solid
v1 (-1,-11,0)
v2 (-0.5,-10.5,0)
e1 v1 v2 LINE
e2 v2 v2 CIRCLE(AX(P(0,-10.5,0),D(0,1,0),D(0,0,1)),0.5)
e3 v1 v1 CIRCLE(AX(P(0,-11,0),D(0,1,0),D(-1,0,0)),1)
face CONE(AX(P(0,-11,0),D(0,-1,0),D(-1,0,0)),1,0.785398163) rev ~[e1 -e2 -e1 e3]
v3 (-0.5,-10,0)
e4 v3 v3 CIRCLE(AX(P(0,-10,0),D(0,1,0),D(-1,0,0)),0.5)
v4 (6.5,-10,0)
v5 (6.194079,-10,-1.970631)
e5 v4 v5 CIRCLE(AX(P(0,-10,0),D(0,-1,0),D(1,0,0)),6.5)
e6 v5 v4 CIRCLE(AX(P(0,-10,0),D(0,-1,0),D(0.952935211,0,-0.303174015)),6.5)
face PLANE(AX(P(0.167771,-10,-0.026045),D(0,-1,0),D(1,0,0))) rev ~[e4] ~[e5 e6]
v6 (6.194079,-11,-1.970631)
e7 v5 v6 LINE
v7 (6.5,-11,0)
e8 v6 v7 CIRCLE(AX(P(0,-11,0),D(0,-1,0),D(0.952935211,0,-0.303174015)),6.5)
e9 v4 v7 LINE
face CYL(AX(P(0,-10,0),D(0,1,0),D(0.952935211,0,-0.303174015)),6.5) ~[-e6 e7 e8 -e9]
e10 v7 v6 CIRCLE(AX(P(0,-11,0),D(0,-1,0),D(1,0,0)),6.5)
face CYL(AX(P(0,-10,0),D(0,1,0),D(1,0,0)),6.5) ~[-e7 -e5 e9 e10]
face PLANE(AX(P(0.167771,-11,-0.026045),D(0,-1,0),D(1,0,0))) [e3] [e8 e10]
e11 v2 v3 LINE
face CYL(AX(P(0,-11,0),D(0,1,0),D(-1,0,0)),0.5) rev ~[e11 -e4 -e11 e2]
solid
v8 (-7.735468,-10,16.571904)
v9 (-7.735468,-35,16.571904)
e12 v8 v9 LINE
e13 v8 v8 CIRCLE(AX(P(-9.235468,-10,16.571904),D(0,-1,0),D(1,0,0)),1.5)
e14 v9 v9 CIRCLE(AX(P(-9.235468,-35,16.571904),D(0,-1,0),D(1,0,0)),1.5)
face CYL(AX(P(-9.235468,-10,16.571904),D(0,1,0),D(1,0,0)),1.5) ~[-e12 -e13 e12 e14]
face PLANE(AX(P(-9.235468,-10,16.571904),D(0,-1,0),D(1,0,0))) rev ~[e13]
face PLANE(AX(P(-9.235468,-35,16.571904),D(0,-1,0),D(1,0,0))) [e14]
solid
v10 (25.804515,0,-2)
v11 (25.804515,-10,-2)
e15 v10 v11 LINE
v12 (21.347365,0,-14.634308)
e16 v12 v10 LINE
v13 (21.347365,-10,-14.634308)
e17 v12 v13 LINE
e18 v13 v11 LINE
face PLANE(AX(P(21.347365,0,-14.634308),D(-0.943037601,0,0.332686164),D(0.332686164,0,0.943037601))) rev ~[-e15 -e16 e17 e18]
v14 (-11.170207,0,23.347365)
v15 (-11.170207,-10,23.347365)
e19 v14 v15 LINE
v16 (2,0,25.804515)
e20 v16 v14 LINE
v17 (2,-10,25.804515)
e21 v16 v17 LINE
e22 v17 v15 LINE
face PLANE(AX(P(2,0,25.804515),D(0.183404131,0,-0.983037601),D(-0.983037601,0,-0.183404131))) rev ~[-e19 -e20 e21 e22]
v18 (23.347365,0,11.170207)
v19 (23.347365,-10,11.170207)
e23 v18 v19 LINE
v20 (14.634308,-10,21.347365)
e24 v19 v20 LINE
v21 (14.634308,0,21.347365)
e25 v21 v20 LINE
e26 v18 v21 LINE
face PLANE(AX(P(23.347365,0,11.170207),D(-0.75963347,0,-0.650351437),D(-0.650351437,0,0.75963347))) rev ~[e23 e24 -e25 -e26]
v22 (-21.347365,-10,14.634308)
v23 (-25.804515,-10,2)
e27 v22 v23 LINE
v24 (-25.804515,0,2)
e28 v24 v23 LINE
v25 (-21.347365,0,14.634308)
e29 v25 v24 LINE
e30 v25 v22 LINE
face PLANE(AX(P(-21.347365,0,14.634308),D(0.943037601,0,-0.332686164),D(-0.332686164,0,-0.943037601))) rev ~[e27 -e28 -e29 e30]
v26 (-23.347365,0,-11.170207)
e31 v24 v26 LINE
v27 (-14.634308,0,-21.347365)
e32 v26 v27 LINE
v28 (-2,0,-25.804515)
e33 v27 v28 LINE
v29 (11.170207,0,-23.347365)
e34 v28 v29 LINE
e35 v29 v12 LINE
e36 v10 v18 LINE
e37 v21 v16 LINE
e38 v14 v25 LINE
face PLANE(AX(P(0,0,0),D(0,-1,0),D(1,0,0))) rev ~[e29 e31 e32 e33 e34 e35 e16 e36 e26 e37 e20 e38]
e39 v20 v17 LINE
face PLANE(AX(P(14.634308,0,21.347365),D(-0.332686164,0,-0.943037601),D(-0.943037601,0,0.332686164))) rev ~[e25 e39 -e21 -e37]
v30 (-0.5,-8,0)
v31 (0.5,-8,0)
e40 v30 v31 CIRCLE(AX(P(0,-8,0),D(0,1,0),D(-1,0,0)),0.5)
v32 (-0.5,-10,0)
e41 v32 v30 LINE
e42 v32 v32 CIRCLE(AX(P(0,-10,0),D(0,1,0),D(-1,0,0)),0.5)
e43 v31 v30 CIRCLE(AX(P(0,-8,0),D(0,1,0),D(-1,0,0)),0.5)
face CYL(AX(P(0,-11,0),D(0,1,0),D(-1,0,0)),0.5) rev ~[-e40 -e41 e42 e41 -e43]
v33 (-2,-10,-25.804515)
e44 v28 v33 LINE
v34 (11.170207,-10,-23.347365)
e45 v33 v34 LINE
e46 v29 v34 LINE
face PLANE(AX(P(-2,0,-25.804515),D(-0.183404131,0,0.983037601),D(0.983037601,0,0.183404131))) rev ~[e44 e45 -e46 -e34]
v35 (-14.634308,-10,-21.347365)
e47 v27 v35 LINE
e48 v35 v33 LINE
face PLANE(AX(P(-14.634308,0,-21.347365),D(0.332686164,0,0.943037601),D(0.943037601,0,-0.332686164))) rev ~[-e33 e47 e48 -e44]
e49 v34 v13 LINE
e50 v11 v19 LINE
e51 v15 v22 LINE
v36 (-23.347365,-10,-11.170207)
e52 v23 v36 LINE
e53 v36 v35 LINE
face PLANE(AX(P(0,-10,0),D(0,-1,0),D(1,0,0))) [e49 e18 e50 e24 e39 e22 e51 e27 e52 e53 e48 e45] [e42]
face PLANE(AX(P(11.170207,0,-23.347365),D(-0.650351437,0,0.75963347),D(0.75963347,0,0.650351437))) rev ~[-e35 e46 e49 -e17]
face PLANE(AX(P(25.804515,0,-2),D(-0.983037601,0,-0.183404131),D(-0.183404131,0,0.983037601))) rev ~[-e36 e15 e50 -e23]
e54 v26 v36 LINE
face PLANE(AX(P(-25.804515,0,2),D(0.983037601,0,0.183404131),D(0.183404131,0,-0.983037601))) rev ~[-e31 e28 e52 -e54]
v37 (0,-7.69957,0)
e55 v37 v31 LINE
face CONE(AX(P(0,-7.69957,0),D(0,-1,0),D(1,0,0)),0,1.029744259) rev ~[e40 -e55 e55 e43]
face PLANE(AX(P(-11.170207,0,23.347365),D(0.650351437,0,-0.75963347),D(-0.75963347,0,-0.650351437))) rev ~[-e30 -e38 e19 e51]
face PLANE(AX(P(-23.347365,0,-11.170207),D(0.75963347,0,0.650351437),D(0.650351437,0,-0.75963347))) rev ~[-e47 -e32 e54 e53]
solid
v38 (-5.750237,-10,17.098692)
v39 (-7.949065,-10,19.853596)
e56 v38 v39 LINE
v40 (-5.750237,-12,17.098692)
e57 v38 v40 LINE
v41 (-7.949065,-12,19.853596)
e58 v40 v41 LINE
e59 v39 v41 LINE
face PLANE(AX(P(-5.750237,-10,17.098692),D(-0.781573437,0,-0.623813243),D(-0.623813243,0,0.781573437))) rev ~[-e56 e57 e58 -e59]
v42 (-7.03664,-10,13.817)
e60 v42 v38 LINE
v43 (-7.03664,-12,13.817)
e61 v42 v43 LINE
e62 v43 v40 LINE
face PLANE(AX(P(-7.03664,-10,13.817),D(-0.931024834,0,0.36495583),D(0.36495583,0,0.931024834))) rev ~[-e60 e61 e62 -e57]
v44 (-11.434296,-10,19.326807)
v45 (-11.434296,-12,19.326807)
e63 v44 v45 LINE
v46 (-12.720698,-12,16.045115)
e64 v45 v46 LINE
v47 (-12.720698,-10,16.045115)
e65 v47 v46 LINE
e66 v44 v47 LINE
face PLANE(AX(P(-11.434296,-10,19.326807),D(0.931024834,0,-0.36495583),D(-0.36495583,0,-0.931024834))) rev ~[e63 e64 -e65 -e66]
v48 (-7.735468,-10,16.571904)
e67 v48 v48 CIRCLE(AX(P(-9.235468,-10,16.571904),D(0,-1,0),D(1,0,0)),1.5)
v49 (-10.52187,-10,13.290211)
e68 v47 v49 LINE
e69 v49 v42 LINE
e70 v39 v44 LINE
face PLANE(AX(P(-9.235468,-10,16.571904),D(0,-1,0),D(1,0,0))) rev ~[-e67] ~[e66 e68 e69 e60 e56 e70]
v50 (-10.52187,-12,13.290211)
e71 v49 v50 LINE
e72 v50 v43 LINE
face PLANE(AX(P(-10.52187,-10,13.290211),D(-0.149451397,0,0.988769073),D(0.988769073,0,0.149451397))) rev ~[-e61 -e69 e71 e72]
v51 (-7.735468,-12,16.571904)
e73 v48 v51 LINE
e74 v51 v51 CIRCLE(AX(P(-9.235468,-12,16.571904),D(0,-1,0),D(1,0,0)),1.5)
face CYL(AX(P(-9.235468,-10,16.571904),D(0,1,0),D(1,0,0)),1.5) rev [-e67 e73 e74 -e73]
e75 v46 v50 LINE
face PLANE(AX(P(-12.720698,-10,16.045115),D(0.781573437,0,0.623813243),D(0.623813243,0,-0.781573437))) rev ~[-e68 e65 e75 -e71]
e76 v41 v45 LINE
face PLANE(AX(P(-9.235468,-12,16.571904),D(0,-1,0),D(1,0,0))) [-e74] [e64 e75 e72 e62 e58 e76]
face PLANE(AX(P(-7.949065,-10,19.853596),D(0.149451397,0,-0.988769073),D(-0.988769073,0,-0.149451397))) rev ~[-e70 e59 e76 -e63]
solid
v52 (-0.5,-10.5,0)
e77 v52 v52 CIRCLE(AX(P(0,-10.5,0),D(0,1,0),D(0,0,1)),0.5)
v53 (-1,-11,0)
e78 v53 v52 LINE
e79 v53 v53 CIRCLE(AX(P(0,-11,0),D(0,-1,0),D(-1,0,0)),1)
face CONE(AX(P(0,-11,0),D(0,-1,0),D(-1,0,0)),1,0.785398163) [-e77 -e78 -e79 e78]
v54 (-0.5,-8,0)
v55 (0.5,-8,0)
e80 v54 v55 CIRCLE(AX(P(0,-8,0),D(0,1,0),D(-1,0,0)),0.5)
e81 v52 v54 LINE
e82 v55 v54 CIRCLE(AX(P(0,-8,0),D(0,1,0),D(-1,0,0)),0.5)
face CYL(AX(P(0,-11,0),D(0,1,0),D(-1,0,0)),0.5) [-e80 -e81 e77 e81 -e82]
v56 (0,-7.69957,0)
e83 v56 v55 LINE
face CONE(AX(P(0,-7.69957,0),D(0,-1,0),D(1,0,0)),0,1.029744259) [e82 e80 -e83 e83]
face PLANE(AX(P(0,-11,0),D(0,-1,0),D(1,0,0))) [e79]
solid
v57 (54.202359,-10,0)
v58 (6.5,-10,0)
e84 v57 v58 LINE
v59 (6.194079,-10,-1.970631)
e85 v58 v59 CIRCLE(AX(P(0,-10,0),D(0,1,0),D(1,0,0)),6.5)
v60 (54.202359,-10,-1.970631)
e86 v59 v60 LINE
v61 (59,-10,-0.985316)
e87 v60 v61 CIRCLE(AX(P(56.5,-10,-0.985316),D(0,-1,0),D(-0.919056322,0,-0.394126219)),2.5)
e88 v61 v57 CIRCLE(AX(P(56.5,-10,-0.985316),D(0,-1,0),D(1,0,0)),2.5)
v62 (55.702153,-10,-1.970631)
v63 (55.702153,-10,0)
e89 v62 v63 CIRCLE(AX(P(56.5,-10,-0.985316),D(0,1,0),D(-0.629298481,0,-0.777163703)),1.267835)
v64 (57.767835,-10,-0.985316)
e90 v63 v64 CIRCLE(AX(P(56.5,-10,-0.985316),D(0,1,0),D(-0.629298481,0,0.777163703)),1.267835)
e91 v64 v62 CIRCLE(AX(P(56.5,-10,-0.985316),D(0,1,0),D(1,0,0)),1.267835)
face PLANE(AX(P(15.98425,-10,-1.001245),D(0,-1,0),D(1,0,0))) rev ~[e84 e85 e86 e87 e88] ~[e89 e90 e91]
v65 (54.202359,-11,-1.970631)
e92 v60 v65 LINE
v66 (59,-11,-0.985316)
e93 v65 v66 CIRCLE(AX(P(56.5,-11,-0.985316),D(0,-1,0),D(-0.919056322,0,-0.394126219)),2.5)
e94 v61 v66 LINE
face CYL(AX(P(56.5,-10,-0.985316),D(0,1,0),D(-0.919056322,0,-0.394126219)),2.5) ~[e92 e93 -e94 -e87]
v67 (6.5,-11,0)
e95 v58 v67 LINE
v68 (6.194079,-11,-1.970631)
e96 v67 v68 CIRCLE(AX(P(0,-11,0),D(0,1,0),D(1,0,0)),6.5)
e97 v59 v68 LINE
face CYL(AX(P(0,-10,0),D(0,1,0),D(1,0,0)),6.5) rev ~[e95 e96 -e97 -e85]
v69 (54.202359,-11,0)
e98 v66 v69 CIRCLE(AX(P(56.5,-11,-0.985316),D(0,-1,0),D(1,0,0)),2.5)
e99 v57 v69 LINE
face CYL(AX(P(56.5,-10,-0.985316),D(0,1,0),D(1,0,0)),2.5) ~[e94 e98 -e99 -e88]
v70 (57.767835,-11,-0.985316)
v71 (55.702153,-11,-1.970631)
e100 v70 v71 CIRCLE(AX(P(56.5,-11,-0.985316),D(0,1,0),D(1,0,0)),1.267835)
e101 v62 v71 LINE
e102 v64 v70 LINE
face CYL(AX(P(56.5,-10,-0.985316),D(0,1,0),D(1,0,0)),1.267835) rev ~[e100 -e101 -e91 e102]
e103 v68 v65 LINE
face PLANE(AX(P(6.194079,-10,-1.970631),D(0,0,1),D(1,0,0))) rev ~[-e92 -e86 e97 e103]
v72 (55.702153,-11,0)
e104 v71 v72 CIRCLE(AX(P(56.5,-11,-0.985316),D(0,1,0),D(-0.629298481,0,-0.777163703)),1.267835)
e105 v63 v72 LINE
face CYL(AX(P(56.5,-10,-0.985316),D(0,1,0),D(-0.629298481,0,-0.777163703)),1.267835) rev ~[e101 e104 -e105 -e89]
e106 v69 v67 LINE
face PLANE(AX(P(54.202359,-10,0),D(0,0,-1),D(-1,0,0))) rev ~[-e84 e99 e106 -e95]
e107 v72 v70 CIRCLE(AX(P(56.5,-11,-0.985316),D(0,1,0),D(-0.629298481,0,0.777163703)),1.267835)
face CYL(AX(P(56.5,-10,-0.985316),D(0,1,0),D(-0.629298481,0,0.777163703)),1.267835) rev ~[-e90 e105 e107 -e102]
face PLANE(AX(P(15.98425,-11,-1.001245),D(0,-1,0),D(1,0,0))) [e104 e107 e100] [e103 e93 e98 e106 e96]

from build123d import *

# Parameters (mm, degrees)
F1_DEPTH         = 10
F3_DEPTH         = 1
F4_DEPTH         = 1
F6_D             = 1
F6_DEPTH         = 3
F6_CSINK_D       = 2
F6_CSINK_ANGLE   = 90
F6_TIP           = 0.3004303095
F6_2_D           = 1
F6_2_DEPTH       = 3
F6_2_CSINK_D     = 2
F6_2_CSINK_ANGLE = 90
F6_2_TIP         = 0.3004303095
F7_R             = 1
F8_DEPTH         = 11
F10_R            = 1.5
F11_DEPTH        = 25
F12_DEPTH        = 2


with BuildPart() as f1:
    # F0 (on Front) → F1 (new body)
    with BuildSketch(Plane.XZ):
        Polygon((-11.1702065635, 23.347365299), (-21.347365299, 14.6343081786), (-25.8045147421, 2), (-23.347365299, -11.1702065635), (-14.6343081786, -21.347365299), (-2, -25.8045147421), (11.1702065635, -23.347365299), (21.347365299, -14.6343081786), (25.8045147421, -2), (23.347365299, 11.1702065635), (14.6343081786, 21.347365299), (2, 25.8045147421), align=None)
    extrude(amount=F1_DEPTH)

    # F6
    with Locations(Plane.XZ.offset(11)):
        with Locations((0, 0)):
            CounterSinkHole(F6_D / 2, F6_CSINK_D / 2, depth=F6_DEPTH, counter_sink_angle=F6_CSINK_ANGLE)
            with Locations((0, 0, -(F6_DEPTH + F6_TIP / 2))):  # 118° drill point
                Cone(0, F6_D / 2, F6_TIP, mode=Mode.SUBTRACT)


with BuildPart() as f3:
    # F2 (on face) → F3 (new body)
    with BuildSketch(Plane.XZ.offset(10)):
        with BuildLine():
            ThreePointArc((6.1940788733, -1.9706310946), (6.423064404, -0.9971176769), (6.5, 0))
            ThreePointArc((6.5, 0), (-6.423064404, 0.9971176769), (6.1940788733, -1.9706310946))
        make_face()
    extrude(amount=F3_DEPTH)

    # F6#2
    with Locations(Plane.XZ.offset(11)):
        with Locations((0, 0)):
            CounterSinkHole(F6_2_D / 2, F6_2_CSINK_D / 2, depth=F6_2_DEPTH, counter_sink_angle=F6_2_CSINK_ANGLE)
            with Locations((0, 0, -(F6_2_DEPTH + F6_2_TIP / 2))):  # 118° drill point
                Cone(0, F6_2_D / 2, F6_2_TIP, mode=Mode.SUBTRACT)


with BuildPart() as f4:
    # F2 (on face) → F4 (new body)
    with BuildSketch(Plane.XZ.offset(10)):
        with BuildLine():
            Line((25.4313771712, 0), (6.5, 0))
            ThreePointArc((6.5, 0), (6.423064404, -0.9971176769), (6.1940788733, -1.9706310946))
            Line((6.1940788733, -1.9706310946), (25.7990354211, -1.9706310946))
            Line((25.7990354211, -1.9706310946), (25.4313771712, 0))
        make_face()
        with BuildLine():
            Line((54.2023591942, 0), (25.4313771712, 0))
            Line((25.4313771712, 0), (25.7990354211, -1.9706310946))
            Line((25.7990354211, -1.9706310946), (54.2023591942, -1.9706310946))
            ThreePointArc((54.2023591942, -1.9706310946), (54, -0.9853155473), (54.2023591942, 0))
        make_face()
        with BuildLine():
            ThreePointArc((59, -0.9853155473), (57.0029403472, 1.4635721609), (54.2023591942, 0))
            Line((54.2023591942, 0), (55.7021531952, 0))
            ThreePointArc((55.7021531952, 0), (57.0458332799, 0.1590062091), (57.767835262, -0.9853155473))
            ThreePointArc((57.767835262, -0.9853155473), (57.0458332799, -2.1296373037), (55.7021531952, -1.9706310946))
            Line((55.7021531952, -1.9706310946), (54.2023591942, -1.9706310946))
            ThreePointArc((54.2023591942, -1.9706310946), (57.0029403472, -3.4342032554), (59, -0.9853155473))
        make_face()
        with BuildLine():
            Line((55.7021531952, 0), (54.2023591942, 0))
            ThreePointArc((54.2023591942, 0), (54, -0.9853155473), (54.2023591942, -1.9706310946))
            Line((54.2023591942, -1.9706310946), (55.7021531952, -1.9706310946))
            ThreePointArc((55.7021531952, -1.9706310946), (55.232164738, -0.9853155473), (55.7021531952, 0))
        make_face()
    extrude(amount=F4_DEPTH)


with BuildPart() as f8:
    # F7 (on face) → F8 (new body, through all)
    with BuildSketch(Plane.XZ.offset(11)):
        Circle(F7_R)
    extrude(amount=-F8_DEPTH)

    # F9: cut F1, F3
    add(f1.part, mode=Mode.SUBTRACT)
    add(f3.part, mode=Mode.SUBTRACT)


with BuildPart() as f11:
    # F10 (on face) → F11 (new body)
    with BuildSketch(Plane.XZ.offset(10)):
        with Locations((-9.2354677618, 16.5719036013)):
            Circle(F10_R)
    extrude(amount=F11_DEPTH)


with BuildPart() as f12:
    # F10 (on face) → F12 (new body)
    with BuildSketch(Plane.XZ.offset(10)):
        Polygon((-7.0366399973, 13.8169999636), (-5.7502373443, 17.098692485), (-7.9490651088, 19.8535961227), (-11.4342955262, 19.326807239), (-12.7206981792, 16.0451147176), (-10.5218704147, 13.2902110799), align=None)
        with Locations((-9.2354677618, 16.5719036013)):
            Circle(F10_R, mode=Mode.SUBTRACT)
    extrude(amount=F12_DEPTH)


solid = Compound([f1.part, f3.part, f4.part, f8.part, f11.part, f12.part])
